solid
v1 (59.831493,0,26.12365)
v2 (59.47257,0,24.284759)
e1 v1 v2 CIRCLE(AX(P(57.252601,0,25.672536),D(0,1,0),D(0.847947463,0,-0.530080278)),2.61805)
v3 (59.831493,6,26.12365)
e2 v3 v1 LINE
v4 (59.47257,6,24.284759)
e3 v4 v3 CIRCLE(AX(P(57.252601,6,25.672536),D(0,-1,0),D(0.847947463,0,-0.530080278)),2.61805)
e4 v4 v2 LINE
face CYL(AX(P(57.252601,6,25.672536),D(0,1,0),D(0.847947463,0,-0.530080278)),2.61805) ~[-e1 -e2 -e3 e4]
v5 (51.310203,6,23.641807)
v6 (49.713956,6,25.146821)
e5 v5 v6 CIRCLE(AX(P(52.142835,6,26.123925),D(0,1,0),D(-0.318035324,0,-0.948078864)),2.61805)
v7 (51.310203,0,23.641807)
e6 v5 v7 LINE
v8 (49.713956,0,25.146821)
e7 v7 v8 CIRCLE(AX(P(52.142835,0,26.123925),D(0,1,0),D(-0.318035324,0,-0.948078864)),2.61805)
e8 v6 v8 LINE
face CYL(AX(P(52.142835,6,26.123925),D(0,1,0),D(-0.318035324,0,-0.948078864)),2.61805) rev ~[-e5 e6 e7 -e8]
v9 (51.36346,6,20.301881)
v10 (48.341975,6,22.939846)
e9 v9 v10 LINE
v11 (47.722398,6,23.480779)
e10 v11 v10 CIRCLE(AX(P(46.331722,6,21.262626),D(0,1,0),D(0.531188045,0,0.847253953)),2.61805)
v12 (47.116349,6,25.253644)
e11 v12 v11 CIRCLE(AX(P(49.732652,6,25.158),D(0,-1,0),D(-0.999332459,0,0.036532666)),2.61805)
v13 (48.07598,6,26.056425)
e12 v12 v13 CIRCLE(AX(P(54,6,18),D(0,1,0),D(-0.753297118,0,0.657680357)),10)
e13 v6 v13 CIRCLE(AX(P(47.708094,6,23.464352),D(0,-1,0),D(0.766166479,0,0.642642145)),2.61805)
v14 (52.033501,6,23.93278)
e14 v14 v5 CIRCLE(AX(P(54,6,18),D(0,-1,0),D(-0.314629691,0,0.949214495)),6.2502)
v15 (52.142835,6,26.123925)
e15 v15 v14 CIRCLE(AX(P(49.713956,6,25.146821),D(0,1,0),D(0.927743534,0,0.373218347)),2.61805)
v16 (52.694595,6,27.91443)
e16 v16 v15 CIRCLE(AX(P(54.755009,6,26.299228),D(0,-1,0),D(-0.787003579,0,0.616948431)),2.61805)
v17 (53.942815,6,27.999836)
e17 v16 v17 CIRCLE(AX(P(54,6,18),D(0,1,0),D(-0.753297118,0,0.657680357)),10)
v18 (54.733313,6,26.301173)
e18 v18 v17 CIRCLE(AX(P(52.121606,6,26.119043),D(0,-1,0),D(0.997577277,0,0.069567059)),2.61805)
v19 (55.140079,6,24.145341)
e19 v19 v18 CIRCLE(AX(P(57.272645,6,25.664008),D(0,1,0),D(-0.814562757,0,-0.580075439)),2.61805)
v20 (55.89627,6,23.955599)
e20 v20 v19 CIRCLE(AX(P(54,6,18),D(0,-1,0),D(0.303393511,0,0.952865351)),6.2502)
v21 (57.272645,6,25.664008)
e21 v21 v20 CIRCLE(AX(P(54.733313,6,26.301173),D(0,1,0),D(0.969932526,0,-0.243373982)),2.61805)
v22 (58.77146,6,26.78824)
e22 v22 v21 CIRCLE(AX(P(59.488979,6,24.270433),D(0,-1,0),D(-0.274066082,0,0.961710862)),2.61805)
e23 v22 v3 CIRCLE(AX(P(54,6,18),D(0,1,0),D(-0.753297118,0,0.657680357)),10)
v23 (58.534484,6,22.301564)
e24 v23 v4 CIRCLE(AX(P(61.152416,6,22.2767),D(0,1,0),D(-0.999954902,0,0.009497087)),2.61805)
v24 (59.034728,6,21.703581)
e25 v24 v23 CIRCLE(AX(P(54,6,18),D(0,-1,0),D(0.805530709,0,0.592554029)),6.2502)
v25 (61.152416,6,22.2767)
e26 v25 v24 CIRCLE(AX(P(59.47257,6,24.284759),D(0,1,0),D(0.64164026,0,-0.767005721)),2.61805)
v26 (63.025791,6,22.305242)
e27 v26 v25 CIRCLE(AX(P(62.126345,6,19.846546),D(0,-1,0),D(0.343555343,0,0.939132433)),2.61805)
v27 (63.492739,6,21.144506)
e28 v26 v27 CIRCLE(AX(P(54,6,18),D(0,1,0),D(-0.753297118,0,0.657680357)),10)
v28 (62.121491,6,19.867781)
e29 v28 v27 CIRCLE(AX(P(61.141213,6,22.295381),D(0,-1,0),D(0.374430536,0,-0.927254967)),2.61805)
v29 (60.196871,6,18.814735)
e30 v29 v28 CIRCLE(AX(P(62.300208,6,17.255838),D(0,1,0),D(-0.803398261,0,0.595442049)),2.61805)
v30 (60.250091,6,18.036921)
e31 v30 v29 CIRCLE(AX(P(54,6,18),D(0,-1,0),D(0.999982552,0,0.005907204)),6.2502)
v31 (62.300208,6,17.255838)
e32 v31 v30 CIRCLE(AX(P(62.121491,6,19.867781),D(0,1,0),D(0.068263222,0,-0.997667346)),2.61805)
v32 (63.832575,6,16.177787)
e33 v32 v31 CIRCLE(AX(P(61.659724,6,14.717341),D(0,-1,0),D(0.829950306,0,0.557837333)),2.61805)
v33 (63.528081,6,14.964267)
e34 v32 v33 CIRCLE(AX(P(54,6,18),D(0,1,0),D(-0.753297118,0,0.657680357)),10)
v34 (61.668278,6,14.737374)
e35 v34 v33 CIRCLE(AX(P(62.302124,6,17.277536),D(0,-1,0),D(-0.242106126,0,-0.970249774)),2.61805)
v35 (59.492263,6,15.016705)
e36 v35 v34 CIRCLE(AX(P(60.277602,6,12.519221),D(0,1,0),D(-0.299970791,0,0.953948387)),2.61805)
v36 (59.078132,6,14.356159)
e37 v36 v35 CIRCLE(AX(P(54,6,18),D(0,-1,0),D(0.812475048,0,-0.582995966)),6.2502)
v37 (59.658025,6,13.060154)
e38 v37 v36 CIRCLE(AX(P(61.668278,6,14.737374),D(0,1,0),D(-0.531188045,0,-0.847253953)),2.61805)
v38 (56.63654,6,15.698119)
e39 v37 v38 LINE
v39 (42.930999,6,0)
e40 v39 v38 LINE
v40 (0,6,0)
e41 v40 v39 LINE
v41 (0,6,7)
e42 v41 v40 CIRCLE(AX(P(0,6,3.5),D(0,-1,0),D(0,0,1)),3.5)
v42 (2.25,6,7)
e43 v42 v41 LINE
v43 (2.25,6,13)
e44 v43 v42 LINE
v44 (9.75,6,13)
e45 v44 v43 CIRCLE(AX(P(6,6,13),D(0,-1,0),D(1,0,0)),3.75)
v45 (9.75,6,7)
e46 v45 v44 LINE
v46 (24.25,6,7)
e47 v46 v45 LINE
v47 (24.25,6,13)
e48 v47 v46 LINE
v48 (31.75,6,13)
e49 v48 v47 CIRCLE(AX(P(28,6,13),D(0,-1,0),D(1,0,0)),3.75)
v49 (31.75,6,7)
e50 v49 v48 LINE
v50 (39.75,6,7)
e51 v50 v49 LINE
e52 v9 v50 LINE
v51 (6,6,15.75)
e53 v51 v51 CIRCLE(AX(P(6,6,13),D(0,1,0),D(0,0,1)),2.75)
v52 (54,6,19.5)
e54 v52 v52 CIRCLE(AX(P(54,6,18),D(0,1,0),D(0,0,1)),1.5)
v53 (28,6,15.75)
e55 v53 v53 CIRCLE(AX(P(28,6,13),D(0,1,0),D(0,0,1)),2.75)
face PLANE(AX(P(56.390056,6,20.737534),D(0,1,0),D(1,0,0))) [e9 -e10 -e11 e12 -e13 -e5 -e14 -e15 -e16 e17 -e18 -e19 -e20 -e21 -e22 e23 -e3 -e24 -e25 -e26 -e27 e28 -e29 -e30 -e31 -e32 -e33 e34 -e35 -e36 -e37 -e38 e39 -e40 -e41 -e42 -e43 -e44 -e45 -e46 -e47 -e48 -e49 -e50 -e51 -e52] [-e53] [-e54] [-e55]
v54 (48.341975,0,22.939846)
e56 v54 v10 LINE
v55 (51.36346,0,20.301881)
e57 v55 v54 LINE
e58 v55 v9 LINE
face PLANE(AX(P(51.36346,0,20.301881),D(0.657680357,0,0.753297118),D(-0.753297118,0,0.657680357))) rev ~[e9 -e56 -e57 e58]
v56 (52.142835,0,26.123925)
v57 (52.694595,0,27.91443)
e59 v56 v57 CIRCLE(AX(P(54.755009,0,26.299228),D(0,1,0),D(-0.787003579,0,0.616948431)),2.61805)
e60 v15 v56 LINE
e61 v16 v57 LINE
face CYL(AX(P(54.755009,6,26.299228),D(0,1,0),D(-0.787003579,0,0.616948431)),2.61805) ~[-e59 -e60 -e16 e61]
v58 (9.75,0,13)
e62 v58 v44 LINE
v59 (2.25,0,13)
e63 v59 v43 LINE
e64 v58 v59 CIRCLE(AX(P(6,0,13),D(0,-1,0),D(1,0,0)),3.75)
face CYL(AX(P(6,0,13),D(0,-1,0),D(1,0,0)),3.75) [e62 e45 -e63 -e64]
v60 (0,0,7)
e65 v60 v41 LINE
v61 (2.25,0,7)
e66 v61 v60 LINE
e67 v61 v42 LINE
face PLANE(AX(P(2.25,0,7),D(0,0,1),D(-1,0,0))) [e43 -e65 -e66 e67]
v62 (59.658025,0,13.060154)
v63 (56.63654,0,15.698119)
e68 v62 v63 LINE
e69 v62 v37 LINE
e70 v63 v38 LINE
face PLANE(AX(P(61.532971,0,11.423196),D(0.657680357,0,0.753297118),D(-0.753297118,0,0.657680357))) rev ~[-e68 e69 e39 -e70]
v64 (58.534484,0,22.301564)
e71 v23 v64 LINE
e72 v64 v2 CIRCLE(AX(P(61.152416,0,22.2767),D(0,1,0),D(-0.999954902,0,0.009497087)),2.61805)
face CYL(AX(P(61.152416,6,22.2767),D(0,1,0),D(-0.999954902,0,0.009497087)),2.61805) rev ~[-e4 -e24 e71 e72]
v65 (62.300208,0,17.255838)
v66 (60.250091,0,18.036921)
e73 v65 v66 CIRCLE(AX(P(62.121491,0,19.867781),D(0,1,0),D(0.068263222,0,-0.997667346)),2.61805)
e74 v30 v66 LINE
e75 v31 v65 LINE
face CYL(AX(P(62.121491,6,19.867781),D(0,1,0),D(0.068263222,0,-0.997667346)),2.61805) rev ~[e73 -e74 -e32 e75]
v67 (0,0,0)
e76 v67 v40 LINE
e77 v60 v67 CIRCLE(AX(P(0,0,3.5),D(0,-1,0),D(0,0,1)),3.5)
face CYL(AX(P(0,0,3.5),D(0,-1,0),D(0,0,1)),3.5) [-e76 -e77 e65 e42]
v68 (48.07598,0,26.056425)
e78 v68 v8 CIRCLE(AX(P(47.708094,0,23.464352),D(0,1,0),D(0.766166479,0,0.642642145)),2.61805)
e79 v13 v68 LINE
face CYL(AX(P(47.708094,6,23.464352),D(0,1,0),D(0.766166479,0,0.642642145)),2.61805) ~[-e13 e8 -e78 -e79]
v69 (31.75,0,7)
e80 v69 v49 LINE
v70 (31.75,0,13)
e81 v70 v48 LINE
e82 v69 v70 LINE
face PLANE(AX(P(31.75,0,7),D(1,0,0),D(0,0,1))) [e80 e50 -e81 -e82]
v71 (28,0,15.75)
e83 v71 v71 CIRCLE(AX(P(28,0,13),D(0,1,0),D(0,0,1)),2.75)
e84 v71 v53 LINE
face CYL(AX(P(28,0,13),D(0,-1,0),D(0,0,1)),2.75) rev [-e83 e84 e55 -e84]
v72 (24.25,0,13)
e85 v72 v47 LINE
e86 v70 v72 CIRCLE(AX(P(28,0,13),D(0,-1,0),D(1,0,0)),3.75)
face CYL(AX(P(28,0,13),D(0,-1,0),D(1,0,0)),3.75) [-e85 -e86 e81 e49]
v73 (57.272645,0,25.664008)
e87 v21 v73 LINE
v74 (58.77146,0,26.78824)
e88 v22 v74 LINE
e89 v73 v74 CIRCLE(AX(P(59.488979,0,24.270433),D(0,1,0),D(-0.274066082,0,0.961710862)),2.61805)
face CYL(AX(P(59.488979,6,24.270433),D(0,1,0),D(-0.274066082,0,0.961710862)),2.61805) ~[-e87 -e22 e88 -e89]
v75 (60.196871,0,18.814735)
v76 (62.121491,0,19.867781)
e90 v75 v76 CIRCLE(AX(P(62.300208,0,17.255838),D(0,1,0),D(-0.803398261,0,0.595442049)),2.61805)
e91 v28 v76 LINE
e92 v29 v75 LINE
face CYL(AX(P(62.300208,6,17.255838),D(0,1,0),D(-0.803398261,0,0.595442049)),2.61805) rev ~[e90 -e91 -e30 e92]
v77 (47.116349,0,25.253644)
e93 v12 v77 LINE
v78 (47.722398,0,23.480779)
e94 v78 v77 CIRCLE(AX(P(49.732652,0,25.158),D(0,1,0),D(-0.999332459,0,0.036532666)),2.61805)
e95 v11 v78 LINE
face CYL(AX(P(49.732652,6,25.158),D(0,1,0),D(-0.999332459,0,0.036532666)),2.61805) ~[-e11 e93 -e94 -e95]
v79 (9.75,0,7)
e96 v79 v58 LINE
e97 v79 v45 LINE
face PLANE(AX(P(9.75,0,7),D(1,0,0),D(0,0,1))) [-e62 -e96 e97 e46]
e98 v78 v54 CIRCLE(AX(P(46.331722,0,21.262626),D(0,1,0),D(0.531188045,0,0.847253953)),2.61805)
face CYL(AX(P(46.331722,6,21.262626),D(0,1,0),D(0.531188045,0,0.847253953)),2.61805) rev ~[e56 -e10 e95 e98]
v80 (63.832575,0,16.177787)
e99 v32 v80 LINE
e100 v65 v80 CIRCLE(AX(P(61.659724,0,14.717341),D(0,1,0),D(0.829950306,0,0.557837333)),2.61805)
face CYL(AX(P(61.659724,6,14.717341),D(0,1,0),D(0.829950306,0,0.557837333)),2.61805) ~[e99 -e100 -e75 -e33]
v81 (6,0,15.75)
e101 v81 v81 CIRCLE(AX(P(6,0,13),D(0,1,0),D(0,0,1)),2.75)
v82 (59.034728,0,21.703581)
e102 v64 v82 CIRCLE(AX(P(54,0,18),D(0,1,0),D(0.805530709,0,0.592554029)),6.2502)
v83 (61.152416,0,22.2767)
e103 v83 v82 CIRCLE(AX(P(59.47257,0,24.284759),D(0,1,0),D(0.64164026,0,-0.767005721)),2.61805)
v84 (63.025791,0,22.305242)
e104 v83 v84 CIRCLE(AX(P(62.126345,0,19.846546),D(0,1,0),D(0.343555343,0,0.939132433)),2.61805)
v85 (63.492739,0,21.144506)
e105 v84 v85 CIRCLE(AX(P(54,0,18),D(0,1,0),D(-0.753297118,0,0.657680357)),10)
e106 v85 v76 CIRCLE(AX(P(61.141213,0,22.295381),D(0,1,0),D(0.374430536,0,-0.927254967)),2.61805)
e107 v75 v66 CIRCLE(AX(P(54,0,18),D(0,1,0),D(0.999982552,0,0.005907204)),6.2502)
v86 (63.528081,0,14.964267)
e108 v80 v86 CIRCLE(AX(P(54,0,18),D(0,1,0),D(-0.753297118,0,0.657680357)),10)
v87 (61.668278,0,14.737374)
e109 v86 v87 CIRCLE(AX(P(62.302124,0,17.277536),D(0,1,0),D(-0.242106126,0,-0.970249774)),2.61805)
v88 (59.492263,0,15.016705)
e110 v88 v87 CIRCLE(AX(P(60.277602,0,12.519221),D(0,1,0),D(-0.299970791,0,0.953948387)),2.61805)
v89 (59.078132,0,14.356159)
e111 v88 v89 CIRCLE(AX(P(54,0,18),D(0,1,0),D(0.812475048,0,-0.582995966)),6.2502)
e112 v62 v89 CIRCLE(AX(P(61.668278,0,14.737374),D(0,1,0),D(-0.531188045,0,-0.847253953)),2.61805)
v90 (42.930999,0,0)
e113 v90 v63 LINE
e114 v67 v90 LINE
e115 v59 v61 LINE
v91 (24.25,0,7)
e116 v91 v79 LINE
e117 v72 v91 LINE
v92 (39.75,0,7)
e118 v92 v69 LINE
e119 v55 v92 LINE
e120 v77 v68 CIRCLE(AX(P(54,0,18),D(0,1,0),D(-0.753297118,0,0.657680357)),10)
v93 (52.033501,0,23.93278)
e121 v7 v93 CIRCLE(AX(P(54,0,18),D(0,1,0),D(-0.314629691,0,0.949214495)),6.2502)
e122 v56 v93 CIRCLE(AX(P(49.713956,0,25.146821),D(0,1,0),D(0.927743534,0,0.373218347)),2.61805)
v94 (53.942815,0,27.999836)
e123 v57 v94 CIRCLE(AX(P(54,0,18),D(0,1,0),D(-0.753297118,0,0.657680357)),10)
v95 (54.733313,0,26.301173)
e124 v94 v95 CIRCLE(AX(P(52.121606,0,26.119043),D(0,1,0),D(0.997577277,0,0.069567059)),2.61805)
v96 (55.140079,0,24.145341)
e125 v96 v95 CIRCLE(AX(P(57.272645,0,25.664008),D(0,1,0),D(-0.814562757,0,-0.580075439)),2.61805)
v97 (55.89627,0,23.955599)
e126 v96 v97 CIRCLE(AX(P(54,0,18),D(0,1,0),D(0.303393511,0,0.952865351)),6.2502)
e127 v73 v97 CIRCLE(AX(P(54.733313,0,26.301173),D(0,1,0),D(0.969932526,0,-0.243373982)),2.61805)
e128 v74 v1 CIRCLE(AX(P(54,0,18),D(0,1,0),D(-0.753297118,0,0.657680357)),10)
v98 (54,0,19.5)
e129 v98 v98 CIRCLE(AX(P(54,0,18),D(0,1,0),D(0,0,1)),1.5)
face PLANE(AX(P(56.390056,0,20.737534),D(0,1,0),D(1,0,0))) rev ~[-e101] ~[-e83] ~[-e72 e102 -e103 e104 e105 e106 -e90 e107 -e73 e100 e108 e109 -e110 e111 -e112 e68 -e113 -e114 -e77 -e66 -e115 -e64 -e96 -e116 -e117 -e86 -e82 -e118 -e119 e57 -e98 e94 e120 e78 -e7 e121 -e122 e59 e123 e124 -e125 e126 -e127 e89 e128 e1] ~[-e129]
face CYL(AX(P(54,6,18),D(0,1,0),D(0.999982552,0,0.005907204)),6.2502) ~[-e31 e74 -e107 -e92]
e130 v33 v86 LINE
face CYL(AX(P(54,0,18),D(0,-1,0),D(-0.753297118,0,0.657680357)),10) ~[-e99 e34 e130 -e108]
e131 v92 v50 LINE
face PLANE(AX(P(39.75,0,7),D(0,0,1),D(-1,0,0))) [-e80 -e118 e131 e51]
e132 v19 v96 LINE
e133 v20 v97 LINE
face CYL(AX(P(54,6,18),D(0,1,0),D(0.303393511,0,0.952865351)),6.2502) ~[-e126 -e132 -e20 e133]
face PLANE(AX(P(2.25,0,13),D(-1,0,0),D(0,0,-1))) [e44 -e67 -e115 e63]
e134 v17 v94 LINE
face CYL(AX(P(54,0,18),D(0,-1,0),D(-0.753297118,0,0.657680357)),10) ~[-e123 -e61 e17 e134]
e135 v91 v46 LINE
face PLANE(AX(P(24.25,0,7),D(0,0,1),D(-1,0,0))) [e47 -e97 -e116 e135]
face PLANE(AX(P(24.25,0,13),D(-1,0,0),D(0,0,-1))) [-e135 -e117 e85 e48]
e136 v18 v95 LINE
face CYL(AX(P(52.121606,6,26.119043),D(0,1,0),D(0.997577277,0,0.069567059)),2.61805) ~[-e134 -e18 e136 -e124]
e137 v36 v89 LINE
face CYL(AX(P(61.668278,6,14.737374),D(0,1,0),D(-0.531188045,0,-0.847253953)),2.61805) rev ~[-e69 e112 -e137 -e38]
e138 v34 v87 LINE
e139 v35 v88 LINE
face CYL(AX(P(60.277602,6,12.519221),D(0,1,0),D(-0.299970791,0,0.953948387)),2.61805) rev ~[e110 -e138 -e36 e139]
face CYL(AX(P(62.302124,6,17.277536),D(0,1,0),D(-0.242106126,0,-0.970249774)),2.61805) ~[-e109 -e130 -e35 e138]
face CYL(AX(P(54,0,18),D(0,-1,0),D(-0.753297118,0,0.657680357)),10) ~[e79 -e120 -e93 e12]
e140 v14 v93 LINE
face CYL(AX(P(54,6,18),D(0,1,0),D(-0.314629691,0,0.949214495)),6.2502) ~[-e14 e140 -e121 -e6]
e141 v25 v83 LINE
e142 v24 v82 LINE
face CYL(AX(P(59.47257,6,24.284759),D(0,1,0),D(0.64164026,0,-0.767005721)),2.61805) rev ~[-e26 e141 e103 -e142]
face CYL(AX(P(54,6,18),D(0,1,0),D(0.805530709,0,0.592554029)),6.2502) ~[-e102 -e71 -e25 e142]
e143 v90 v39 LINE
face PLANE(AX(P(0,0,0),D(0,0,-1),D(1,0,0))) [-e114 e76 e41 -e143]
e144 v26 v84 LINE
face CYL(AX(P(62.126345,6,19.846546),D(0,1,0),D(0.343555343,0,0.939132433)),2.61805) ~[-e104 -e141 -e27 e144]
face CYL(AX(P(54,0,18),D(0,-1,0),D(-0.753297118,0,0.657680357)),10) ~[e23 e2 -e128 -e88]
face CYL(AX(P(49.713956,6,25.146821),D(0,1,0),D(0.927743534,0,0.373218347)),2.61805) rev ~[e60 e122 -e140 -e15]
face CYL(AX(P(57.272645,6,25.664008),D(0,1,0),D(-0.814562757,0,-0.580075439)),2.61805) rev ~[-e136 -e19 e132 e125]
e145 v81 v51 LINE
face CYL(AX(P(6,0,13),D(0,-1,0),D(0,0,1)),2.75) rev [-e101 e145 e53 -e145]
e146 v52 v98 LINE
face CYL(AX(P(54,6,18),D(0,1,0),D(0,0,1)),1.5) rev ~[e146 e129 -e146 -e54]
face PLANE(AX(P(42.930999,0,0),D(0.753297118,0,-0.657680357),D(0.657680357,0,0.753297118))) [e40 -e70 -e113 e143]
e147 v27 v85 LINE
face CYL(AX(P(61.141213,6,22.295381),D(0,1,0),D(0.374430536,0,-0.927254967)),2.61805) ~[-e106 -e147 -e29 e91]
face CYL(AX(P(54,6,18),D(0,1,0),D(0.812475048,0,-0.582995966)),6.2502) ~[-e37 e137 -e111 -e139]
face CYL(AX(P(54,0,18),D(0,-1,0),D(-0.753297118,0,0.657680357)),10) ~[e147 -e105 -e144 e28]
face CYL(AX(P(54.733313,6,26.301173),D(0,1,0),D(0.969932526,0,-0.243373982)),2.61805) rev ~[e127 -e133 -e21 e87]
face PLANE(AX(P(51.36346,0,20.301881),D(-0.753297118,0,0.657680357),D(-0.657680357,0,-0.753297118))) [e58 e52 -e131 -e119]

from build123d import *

# Parameters (mm, degrees)
CROQUIS1_R              = 2.75
SALIENTE_EXTRUIR1_DEPTH = 6
CROQUIS2_R              = 1.5
CORTAR_EXTRUIR1_DEPTH   = 62.68062905
SALIENTE_EXTRUIR2_START = -6
SALIENTE_EXTRUIR2_DEPTH = 6
CORTAR_EXTRUIR2_DEPTH   = 71.114192572


with BuildPart() as part:
    # Croquis1 → Saliente-Extruir1 (new body)
    with BuildSketch(Plane(origin=(0, 0, 0), x_dir=(1, 0, 0), z_dir=(0, 1, 0))):
        with BuildLine():
            Line((42.930999161, 0), (56.636539912, -15.69811875))
            ThreePointArc((56.636539912, -15.69811875), (56.30188125, -20.636539912), (51.363460088, -20.30188125))
            Line((51.363460088, -20.30188125), (39.75, -7))
            Line((39.75, -7), (31.75, -7))
            Line((31.75, -7), (31.75, -13))
            ThreePointArc((31.75, -13), (28, -16.75), (24.25, -13))
            Line((24.25, -13), (24.25, -7))
            Line((24.25, -7), (9.75, -7))
            Line((9.75, -7), (9.75, -13))
            ThreePointArc((9.75, -13), (6, -16.75), (2.25, -13))
            Line((2.25, -13), (2.25, -7))
            Line((2.25, -7), (0, -7))
            ThreePointArc((0, -7), (-3.5, -3.5), (0, 0))
            Line((0, 0), (42.930999161, 0))
        make_face()
        with Locations(Location((28, -13, 0), (0, 0, 270))):
            Circle(CROQUIS1_R, mode=Mode.SUBTRACT)
        with Locations(Location((6, -13, 0), (0, 0, 270))):
            Circle(CROQUIS1_R, mode=Mode.SUBTRACT)
    extrude(amount=SALIENTE_EXTRUIR1_DEPTH)

    # Croquis2 → Cortar-Extruir1 (cut, through all)
    with BuildSketch(Plane(origin=(0, 6, 0), x_dir=(1, 0, 0), z_dir=(0, 1, 0))):
        with Locations(Location((54, -18, 0), (0, 0, 270))):
            Circle(CROQUIS2_R)
    extrude(amount=-CORTAR_EXTRUIR1_DEPTH, mode=Mode.SUBTRACT)

    # Croquis3 → Saliente-Extruir2 (add)
    with BuildSketch(Plane(origin=(0, 6, 0), x_dir=(1, 0, 0), z_dir=(0, 1, 0)).offset(SALIENTE_EXTRUIR2_START)):
        with BuildLine():
            Line((51.363460088, -20.30188125), (46.467028822, -24.576803572))
            ThreePointArc((46.467028822, -24.576803572), (60.576803572, -25.532971178), (61.532971178, -11.423196428))
            Line((61.532971178, -11.423196428), (56.636539912, -15.69811875))
            ThreePointArc((56.636539912, -15.69811875), (56.30188125, -20.636539912), (51.363460088, -20.30188125))
        make_face()
    extrude(amount=SALIENTE_EXTRUIR2_DEPTH)

    # Croquis4 → Cortar-Extruir2 (cut, through all)
    with BuildSketch(Plane(origin=(0, 6, 0), x_dir=(1, 0, 0), z_dir=(0, 1, 0))):
        with BuildLine():
            ThreePointArc((44.471919223, -21.035733308), (45.527460474, -23.311880456), (47.116349204, -25.25364403))
            ThreePointArc((47.116349204, -25.25364403), (47.255351375, -24.311140987), (47.722398468, -23.480779257))
            ThreePointArc((47.722398468, -23.480779257), (48.523826653, -22.694010434), (48.921868449, -21.643841379))
            ThreePointArc((48.921868449, -21.643841379), (48.704493345, -21.320031523), (48.507736999, -20.983294683))
            ThreePointArc((48.507736999, -20.983294683), (47.389059112, -20.884036937), (46.331721606, -21.262626046))
            ThreePointArc((46.331721606, -21.262626046), (45.380828681, -21.321245459), (44.471919223, -21.035733308))
        make_face()
        with BuildLine():
            ThreePointArc((48.075979996, -26.056425199), (50.267816532, -27.277435344), (52.694594509, -27.914429711))
            ThreePointArc((52.694594509, -27.914429711), (52.253060238, -27.070225306), (52.142834895, -26.123925161))
            ThreePointArc((52.142834895, -26.123925161), (52.328752805, -25.016348145), (52.0335015, -23.932780435))
            ThreePointArc((52.0335015, -23.932780435), (51.667310689, -23.798582639), (51.310202513, -23.641807292))
            ThreePointArc((51.310202513, -23.641807292), (50.346830851, -24.219048452), (49.713955935, -25.146820868))
            ThreePointArc((49.713955935, -25.146820868), (48.979123025, -25.753165807), (48.075979996, -26.056425199))
        make_face()
        with BuildLine():
            ThreePointArc((53.94281506, -27.999836493), (56.433739822, -27.699325259), (58.771460342, -26.788240222))
            ThreePointArc((58.771460342, -26.788240222), (57.918040714, -26.364791844), (57.272645269, -25.664007776))
            ThreePointArc((57.272645269, -25.664007776), (56.772038582, -24.658679342), (55.896270139, -23.955599013))
            ThreePointArc((55.896270139, -23.955599013), (55.521136064, -24.062272273), (55.140079244, -24.145341273))
            ThreePointArc((55.140079244, -24.145341273), (54.699989039, -25.178594837), (54.73331342, -26.30117303))
            ThreePointArc((54.73331342, -26.30117303), (54.495221721, -27.223640338), (53.94281506, -27.999836493))
        make_face()
        with BuildLine():
            ThreePointArc((59.831492828, -26.123650128), (61.670057221, -24.416402593), (63.025790501, -22.305241669))
            ThreePointArc((63.025790501, -22.305241669), (62.086462807, -22.464292206), (61.152416384, -22.276699911))
            ThreePointArc((61.152416384, -22.276699911), (60.156499839, -21.75762135), (59.034728037, -21.703581191))
            ThreePointArc((59.034728037, -21.703581191), (58.793939164, -22.010379949), (58.534484453, -22.30156376))
            ThreePointArc((58.534484453, -22.30156376), (58.785775205, -23.396161985), (59.472570103, -24.284759241))
            ThreePointArc((59.472570103, -24.284759241), (59.822162551, -25.170997759), (59.831492828, -26.123650128))
        make_face()
        with BuildLine():
            ThreePointArc((63.49273854, -21.144505527), (63.976673456, -18.682632222), (63.832575464, -16.177787128))
            ThreePointArc((63.832575464, -16.177787128), (63.166130956, -16.858584682), (62.300207541, -17.255838039))
            ThreePointArc((62.300207541, -17.255838039), (61.189387409, -17.42127972), (60.250090948, -18.036921234))
            ThreePointArc((60.250090948, -18.036921234), (60.235620444, -18.426658791), (60.196870723, -18.814735096))
            ThreePointArc((60.196870723, -18.814735096), (61.043557906, -19.552578664), (62.121491012, -19.867781033))
            ThreePointArc((62.121491012, -19.867781033), (62.925235175, -20.379277769), (63.49273854, -21.144505527))
        make_face()
        with BuildLine():
            ThreePointArc((63.528080777, -14.964266692), (62.472539526, -12.688119544), (60.883650796, -10.74635597))
            ThreePointArc((60.883650796, -10.74635597), (60.744648625, -11.688859013), (60.277601532, -12.519220743))
            ThreePointArc((60.277601532, -12.519220743), (59.476173347, -13.305989566), (59.078131551, -14.356158621))
            ThreePointArc((59.078131551, -14.356158621), (59.295506655, -14.679968477), (59.492263001, -15.016705317))
            ThreePointArc((59.492263001, -15.016705317), (60.610940888, -15.115963063), (61.668278394, -14.737373954))
            ThreePointArc((61.668278394, -14.737373954), (62.619171319, -14.678754541), (63.528080777, -14.964266692))
        make_face()
    extrude(amount=-CORTAR_EXTRUIR2_DEPTH, mode=Mode.SUBTRACT)


solid = part.part
